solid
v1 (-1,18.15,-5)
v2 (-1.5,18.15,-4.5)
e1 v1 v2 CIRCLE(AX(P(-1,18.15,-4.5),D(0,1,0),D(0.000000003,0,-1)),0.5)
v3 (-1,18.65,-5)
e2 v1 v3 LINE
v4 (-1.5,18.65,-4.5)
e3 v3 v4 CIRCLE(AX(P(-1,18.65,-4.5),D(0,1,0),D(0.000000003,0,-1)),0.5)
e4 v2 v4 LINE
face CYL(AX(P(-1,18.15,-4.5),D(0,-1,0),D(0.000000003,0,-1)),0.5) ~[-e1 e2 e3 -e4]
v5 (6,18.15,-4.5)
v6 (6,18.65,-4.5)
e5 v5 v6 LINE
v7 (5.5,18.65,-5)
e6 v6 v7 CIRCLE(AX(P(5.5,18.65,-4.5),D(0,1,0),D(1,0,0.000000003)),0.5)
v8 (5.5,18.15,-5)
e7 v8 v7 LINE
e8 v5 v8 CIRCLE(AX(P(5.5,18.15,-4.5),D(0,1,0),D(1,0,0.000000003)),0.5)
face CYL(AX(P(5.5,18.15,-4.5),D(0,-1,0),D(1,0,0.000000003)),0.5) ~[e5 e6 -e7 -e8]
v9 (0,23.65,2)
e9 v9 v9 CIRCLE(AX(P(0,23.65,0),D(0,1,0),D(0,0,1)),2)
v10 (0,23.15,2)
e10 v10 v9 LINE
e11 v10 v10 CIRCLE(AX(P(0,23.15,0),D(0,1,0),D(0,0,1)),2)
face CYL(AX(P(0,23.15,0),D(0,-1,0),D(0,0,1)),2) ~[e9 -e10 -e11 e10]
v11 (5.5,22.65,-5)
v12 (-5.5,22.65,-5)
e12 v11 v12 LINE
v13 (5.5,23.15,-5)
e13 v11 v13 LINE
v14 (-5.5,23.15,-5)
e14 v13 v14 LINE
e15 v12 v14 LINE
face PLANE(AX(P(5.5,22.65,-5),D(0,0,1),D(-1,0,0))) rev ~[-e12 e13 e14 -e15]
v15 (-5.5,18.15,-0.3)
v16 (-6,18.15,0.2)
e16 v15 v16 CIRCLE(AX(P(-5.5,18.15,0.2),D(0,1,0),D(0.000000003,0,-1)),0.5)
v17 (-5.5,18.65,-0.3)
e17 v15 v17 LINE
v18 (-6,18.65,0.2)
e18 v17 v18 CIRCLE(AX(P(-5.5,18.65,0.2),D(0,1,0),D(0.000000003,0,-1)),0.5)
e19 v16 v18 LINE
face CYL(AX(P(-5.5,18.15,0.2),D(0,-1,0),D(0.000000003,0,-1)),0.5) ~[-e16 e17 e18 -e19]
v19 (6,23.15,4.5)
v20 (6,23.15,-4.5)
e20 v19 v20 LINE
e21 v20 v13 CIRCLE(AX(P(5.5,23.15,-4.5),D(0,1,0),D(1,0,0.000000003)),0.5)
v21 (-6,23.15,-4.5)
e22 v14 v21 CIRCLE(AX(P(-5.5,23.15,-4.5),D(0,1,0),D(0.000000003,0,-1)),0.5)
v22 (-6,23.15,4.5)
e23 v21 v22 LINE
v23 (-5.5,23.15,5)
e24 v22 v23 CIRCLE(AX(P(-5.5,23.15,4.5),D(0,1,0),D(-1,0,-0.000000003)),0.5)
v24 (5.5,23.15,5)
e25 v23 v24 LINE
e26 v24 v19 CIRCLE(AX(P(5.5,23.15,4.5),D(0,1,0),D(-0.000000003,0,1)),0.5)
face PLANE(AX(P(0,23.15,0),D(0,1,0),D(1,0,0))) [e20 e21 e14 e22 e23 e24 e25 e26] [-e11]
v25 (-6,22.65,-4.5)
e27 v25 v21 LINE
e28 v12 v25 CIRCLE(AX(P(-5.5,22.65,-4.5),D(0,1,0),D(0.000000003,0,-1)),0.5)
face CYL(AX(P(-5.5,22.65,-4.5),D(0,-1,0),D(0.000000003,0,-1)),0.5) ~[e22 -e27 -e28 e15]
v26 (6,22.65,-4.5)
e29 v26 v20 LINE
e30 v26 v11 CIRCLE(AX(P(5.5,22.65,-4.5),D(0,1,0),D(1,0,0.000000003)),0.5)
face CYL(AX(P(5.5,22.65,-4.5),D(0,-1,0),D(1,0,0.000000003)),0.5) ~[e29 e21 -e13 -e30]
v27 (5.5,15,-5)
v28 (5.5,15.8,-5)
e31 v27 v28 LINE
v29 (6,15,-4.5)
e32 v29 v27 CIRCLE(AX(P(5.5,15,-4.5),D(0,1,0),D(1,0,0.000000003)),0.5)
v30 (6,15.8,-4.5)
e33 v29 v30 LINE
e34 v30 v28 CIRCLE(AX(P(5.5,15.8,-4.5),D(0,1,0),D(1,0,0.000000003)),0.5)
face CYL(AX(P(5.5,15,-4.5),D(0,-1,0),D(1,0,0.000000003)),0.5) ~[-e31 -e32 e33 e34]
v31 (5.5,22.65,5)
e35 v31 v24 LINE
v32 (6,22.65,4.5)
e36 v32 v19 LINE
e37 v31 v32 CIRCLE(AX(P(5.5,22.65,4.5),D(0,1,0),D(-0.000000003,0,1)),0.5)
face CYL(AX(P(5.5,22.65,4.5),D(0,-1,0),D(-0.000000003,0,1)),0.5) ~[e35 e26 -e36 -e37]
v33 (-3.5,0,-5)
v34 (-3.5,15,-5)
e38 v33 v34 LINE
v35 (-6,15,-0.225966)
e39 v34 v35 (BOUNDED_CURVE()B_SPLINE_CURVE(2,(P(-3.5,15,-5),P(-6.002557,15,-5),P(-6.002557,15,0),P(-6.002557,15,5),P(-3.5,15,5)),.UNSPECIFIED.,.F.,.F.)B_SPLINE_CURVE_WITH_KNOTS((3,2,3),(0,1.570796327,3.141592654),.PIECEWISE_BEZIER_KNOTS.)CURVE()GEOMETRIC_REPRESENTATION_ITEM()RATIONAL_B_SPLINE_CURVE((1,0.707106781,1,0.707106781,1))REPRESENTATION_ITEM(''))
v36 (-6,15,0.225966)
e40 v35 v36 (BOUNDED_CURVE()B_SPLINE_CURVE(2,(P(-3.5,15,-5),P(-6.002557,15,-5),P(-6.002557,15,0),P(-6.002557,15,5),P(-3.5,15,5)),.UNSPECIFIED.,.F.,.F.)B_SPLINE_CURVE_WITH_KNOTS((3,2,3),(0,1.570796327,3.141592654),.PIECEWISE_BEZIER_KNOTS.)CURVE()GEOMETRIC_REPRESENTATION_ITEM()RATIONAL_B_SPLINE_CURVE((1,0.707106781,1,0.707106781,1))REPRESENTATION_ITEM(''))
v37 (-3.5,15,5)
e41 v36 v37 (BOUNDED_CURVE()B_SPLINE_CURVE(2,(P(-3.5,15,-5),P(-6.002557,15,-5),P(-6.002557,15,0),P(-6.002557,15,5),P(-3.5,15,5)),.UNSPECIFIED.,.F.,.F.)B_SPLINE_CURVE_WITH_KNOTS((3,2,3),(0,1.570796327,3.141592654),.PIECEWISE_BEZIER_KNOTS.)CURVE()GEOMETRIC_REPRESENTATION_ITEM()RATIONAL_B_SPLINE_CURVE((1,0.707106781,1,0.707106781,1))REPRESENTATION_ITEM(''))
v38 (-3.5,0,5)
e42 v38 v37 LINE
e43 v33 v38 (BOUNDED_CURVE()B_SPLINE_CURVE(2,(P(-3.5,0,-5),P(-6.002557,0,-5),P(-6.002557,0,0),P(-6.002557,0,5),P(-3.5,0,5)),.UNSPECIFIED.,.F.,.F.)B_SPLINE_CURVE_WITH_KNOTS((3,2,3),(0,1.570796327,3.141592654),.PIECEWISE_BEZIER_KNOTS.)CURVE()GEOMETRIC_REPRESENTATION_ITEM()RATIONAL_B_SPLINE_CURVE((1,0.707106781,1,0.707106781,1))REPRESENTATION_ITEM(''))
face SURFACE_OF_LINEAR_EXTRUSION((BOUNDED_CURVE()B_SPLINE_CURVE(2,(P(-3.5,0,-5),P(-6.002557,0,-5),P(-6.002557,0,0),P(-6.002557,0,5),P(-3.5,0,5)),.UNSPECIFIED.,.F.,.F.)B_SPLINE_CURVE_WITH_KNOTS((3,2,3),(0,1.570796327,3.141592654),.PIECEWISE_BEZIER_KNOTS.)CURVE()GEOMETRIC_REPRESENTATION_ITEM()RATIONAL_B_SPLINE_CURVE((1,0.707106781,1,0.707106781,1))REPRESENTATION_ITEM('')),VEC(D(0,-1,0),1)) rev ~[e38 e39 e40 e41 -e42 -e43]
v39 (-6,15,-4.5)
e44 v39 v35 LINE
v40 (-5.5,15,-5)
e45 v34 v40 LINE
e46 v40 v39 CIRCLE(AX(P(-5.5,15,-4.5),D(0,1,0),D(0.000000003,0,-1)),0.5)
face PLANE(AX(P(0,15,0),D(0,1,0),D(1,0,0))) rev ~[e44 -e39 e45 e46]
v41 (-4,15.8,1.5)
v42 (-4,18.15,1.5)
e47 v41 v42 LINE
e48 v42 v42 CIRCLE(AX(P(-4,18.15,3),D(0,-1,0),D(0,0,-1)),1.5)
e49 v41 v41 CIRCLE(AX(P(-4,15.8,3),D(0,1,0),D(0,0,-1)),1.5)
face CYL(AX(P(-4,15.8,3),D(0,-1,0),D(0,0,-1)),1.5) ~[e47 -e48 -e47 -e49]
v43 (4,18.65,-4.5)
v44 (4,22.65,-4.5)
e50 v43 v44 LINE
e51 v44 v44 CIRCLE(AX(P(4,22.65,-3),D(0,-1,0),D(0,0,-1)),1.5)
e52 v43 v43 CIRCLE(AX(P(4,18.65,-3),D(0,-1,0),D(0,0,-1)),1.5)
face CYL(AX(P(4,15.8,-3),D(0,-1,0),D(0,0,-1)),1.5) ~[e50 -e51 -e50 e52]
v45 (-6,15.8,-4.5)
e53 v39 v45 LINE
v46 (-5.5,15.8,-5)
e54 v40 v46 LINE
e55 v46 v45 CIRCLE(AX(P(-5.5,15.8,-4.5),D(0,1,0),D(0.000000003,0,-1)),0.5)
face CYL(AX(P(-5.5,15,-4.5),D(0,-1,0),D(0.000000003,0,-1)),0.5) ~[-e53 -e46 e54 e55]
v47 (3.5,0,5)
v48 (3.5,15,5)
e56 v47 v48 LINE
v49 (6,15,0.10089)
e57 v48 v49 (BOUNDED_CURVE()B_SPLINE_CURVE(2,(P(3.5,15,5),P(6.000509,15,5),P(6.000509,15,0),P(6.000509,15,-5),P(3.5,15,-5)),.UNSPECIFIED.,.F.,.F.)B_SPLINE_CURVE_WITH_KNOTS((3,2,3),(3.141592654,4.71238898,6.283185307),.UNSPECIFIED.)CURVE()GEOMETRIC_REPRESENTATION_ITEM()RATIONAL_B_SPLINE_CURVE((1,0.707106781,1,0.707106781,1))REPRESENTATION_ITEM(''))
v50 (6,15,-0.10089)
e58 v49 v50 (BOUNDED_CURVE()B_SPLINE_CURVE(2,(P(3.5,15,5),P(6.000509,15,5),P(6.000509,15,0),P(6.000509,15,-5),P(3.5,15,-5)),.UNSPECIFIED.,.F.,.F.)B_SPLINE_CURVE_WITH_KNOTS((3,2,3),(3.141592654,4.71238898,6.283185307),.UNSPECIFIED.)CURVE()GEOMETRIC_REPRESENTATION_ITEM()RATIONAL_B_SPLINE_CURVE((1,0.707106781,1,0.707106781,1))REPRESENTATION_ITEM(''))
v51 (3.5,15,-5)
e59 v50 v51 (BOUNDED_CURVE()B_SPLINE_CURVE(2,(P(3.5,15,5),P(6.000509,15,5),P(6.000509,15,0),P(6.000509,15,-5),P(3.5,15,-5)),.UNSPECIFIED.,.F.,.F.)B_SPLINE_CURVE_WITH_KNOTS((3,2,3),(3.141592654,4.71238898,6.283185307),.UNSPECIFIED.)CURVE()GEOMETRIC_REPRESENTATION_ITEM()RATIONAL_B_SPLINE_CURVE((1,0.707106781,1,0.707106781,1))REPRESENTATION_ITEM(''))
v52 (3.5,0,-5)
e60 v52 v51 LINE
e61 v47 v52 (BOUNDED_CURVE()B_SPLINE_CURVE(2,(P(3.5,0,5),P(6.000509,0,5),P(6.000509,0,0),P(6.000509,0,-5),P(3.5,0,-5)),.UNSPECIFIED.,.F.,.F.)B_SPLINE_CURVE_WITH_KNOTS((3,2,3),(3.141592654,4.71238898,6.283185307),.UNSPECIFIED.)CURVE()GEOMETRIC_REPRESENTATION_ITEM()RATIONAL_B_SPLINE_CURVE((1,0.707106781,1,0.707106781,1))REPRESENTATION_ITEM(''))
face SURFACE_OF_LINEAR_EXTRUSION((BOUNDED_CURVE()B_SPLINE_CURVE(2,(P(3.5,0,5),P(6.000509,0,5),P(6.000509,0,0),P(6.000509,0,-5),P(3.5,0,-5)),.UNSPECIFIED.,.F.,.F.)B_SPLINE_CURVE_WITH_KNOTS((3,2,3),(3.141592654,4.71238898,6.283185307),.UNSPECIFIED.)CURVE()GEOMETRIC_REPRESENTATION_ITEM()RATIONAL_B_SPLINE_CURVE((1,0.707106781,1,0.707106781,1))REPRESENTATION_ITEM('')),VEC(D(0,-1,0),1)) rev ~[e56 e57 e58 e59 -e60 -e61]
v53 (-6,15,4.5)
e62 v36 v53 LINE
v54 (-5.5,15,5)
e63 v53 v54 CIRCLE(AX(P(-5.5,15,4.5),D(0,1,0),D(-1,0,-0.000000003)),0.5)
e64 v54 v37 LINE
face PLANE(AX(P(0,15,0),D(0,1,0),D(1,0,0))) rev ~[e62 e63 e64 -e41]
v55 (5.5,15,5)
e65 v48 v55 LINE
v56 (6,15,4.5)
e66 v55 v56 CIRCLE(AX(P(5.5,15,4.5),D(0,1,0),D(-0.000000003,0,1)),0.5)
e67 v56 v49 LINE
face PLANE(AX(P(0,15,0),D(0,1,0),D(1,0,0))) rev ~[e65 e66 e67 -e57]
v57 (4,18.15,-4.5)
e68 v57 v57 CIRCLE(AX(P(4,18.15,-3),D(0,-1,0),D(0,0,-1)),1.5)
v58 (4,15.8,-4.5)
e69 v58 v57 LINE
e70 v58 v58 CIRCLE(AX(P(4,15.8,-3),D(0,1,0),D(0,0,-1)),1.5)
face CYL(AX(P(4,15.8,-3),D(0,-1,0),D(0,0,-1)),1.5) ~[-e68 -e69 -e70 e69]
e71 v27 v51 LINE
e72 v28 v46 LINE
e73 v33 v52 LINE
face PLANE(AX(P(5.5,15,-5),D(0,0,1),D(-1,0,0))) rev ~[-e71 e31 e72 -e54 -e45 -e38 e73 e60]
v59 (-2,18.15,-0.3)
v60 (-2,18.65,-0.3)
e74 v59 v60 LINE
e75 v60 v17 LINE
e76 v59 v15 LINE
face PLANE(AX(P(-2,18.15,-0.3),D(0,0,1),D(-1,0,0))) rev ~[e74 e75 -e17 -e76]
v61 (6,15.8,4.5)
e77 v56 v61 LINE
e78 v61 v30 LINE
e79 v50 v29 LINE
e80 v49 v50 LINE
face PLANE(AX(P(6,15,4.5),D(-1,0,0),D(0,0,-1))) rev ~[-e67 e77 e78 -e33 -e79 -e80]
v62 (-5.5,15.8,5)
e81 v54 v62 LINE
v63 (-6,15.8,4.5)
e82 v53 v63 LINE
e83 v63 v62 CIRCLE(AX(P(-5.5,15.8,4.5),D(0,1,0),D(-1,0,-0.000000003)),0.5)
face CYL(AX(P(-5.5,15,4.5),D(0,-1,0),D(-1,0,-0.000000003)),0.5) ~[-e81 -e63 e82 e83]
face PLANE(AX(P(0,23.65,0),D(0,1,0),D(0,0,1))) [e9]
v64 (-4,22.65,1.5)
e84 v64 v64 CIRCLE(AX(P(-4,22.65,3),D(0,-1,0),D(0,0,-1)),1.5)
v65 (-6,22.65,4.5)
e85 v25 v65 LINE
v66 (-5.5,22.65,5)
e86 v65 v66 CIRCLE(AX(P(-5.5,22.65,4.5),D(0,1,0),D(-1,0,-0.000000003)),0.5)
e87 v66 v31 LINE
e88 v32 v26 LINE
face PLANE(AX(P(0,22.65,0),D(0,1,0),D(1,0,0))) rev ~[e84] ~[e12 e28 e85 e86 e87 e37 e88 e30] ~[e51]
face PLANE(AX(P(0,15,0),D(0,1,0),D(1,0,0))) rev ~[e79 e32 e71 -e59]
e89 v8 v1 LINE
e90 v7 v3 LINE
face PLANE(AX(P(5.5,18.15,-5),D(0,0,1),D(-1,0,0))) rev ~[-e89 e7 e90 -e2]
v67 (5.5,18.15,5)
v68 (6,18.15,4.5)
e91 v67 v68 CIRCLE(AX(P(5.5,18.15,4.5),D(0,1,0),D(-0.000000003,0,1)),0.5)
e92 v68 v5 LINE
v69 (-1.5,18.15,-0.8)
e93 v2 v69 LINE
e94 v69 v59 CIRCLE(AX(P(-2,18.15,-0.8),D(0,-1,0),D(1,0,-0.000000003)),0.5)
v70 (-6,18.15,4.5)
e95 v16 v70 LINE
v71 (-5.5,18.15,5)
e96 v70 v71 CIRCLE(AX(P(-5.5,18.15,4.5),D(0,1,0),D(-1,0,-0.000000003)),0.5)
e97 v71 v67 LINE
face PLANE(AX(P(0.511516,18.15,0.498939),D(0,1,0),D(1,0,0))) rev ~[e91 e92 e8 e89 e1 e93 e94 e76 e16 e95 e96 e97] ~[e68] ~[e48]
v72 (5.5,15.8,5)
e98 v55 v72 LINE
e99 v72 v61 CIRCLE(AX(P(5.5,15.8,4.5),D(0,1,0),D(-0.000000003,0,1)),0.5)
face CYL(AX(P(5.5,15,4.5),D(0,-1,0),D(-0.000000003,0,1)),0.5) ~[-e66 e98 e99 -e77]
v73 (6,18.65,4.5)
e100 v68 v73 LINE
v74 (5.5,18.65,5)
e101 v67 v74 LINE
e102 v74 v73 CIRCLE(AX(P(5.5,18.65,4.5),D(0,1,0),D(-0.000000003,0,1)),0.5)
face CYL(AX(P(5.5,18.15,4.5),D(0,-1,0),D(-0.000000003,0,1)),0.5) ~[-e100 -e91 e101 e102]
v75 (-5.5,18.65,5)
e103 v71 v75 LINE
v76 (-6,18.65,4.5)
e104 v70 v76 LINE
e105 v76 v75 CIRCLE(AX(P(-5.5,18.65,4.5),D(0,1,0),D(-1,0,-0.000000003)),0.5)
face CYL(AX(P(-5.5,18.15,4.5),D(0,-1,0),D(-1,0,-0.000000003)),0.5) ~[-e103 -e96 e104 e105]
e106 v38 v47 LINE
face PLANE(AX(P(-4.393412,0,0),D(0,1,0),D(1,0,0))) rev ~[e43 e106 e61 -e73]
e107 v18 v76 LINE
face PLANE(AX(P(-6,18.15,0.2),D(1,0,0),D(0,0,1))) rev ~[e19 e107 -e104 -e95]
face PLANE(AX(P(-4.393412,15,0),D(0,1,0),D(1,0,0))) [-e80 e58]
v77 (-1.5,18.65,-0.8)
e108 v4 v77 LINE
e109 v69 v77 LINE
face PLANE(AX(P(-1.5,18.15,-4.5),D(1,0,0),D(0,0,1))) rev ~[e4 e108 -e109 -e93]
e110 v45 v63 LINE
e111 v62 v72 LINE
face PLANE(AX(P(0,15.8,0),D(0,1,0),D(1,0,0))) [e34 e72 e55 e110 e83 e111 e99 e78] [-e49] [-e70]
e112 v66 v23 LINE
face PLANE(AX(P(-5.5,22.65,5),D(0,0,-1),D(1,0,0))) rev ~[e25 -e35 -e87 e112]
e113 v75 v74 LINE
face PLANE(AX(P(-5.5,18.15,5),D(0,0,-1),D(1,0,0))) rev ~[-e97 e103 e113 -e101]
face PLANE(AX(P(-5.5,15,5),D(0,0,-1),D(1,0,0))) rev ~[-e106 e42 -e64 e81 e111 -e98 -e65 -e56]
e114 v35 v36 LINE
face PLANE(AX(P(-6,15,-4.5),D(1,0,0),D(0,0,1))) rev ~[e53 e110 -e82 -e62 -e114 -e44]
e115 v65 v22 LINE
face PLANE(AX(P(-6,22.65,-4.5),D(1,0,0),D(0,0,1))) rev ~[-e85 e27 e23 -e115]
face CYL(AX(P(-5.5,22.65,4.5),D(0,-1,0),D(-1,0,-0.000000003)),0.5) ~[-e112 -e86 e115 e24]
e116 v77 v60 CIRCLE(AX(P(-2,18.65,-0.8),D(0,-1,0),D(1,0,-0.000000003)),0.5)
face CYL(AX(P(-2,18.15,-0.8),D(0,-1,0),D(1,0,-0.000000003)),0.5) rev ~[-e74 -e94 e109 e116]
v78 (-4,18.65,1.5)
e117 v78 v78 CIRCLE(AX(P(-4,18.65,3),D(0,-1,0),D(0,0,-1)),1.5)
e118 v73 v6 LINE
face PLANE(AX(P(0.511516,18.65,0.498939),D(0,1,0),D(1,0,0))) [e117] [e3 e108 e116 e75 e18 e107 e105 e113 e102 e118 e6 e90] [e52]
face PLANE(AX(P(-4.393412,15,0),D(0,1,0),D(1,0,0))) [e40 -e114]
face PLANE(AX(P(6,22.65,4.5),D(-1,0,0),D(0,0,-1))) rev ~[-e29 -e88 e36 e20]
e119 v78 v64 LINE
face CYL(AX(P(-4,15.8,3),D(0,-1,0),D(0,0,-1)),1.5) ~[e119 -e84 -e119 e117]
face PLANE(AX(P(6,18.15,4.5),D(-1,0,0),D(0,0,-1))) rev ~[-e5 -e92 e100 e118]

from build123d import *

# Parameters (mm, degrees)
SKETCH1_W           = 7
SKETCH1_H           = 10
BOSS_EXTRUDE1_DEPTH = 15
BOSS_EXTRUDE2_DEPTH = 0.8
SKETCH3_R           = 1.5
BOSS_EXTRUDE3_DEPTH = 7.35
BOSS_EXTRUDE4_DEPTH = 0.5
BOSS_EXTRUDE5_DEPTH = 0.5
SKETCH7_R           = 2
BOSS_EXTRUDE6_DEPTH = 0.5


with BuildPart() as part:
    # Sketch1 → Boss-Extrude1 (new body)
    with BuildSketch(Plane(origin=(0, 0, 0), x_dir=(1, 0, 0), z_dir=(0, 1, 0))):
        with BuildLine():
            Line((-3.5, -5), (-3.5, 5))
            add(Edge.make_bspline(
                [(-3.5, 5), (-6.002556946, 5), (-6.002556946, 0), (-6.002556946, -5), (-3.5, -5)],
                knots=[0, 0, 0, 1.570796327, 1.570796327, 3.141592654, 3.141592654, 3.141592654], degree=2, weights=[1, 0.707106781, 1, 0.707106781, 1]))
        make_face()
        Rectangle(SKETCH1_W, SKETCH1_H)
        with BuildLine():
            Line((3.5, -5), (3.5, 5))
            add(Edge.make_bspline(
                [(3.5, -5), (6.000509097, -5), (6.000509097, 0), (6.000509097, 5), (3.5, 5)],
                knots=[3.141592654, 3.141592654, 3.141592654, 4.71238898, 4.71238898, 6.283185307, 6.283185307, 6.283185307], degree=2, weights=[1, 0.707106781, 1, 0.707106781, 1]))
        make_face()
    extrude(amount=BOSS_EXTRUDE1_DEPTH)

    # Sketch2 → Boss-Extrude2 (add)
    with BuildSketch(Plane(origin=(0, 15, 0), x_dir=(1, 0, 0), z_dir=(0, 1, 0))):
        with BuildLine():
            Line((-5.5, -5), (5.5, -5))
            ThreePointArc((5.5, -5), (5.853553391, -4.853553391), (6, -4.5))
            Line((6, -4.5), (6, 4.5))
            ThreePointArc((6, 4.5), (5.853553391, 4.853553391), (5.5, 5))
            Line((5.5, 5), (-5.5, 5))
            ThreePointArc((-5.5, 5), (-5.853553391, 4.853553391), (-6, 4.5))
            Line((-6, 4.5), (-6, -4.5))
            ThreePointArc((-6, -4.5), (-5.853553391, -4.853553391), (-5.5, -5))
        make_face()
    extrude(amount=BOSS_EXTRUDE2_DEPTH)

    # Sketch3 → Boss-Extrude3 (add)
    with BuildSketch(Plane(origin=(0, 15.8, 0), x_dir=(1, 0, 0), z_dir=(0, 1, 0))):
        with Locations(Location((4, 3, 0), (0, 0, 90))):
            Circle(SKETCH3_R)
        with Locations(Location((-4, -3, 0), (0, 0, 90))):
            Circle(SKETCH3_R)
    extrude(amount=BOSS_EXTRUDE3_DEPTH)

    # Sketch4 → Boss-Extrude4 (add)
    with BuildSketch(Plane(origin=(0, 18.15, 0), x_dir=(1, 0, 0), z_dir=(0, 1, 0))):
        with BuildLine():
            Line((-1.5, 4.5), (-1.5, 0.8))
            ThreePointArc((-1.5, 0.8), (-1.646446609, 0.446446609), (-2, 0.3))
            Line((-2, 0.3), (-5.5, 0.3))
            ThreePointArc((-5.5, 0.3), (-5.853553391, 0.153553391), (-6, -0.2))
            Line((-6, -0.2), (-6, -4.5))
            ThreePointArc((-6, -4.5), (-5.853553391, -4.853553391), (-5.5, -5))
            Line((-5.5, -5), (5.5, -5))
            ThreePointArc((5.5, -5), (5.853553391, -4.853553391), (6, -4.5))
            Line((6, -4.5), (6, 4.5))
            ThreePointArc((6, 4.5), (5.853553391, 4.853553391), (5.5, 5))
            Line((5.5, 5), (-1, 5))
            ThreePointArc((-1, 5), (-1.353553391, 4.853553391), (-1.5, 4.5))
        make_face()
    extrude(amount=BOSS_EXTRUDE4_DEPTH)

    # Sketch6 → Boss-Extrude5 (add)
    with BuildSketch(Plane(origin=(0, 22.65, 0), x_dir=(1, 0, 0), z_dir=(0, 1, 0))):
        with BuildLine():
            Line((-5.5, -5), (5.5, -5))
            ThreePointArc((5.5, -5), (5.853553391, -4.853553391), (6, -4.5))
            Line((6, -4.5), (6, 4.5))
            ThreePointArc((6, 4.5), (5.853553391, 4.853553391), (5.5, 5))
            Line((5.5, 5), (-5.5, 5))
            ThreePointArc((-5.5, 5), (-5.853553391, 4.853553391), (-6, 4.5))
            Line((-6, 4.5), (-6, -4.5))
            ThreePointArc((-6, -4.5), (-5.853553391, -4.853553391), (-5.5, -5))
        make_face()
    extrude(amount=BOSS_EXTRUDE5_DEPTH)

    # Sketch7 → Boss-Extrude6 (add)
    with BuildSketch(Plane(origin=(0, 23.15, 0), x_dir=(1, 0, 0), z_dir=(0, 1, 0))):
        with Locations(Location((0, 0, 0), (0, 0, 270))):
            Circle(SKETCH7_R)
    extrude(amount=BOSS_EXTRUDE6_DEPTH)


solid = part.part
